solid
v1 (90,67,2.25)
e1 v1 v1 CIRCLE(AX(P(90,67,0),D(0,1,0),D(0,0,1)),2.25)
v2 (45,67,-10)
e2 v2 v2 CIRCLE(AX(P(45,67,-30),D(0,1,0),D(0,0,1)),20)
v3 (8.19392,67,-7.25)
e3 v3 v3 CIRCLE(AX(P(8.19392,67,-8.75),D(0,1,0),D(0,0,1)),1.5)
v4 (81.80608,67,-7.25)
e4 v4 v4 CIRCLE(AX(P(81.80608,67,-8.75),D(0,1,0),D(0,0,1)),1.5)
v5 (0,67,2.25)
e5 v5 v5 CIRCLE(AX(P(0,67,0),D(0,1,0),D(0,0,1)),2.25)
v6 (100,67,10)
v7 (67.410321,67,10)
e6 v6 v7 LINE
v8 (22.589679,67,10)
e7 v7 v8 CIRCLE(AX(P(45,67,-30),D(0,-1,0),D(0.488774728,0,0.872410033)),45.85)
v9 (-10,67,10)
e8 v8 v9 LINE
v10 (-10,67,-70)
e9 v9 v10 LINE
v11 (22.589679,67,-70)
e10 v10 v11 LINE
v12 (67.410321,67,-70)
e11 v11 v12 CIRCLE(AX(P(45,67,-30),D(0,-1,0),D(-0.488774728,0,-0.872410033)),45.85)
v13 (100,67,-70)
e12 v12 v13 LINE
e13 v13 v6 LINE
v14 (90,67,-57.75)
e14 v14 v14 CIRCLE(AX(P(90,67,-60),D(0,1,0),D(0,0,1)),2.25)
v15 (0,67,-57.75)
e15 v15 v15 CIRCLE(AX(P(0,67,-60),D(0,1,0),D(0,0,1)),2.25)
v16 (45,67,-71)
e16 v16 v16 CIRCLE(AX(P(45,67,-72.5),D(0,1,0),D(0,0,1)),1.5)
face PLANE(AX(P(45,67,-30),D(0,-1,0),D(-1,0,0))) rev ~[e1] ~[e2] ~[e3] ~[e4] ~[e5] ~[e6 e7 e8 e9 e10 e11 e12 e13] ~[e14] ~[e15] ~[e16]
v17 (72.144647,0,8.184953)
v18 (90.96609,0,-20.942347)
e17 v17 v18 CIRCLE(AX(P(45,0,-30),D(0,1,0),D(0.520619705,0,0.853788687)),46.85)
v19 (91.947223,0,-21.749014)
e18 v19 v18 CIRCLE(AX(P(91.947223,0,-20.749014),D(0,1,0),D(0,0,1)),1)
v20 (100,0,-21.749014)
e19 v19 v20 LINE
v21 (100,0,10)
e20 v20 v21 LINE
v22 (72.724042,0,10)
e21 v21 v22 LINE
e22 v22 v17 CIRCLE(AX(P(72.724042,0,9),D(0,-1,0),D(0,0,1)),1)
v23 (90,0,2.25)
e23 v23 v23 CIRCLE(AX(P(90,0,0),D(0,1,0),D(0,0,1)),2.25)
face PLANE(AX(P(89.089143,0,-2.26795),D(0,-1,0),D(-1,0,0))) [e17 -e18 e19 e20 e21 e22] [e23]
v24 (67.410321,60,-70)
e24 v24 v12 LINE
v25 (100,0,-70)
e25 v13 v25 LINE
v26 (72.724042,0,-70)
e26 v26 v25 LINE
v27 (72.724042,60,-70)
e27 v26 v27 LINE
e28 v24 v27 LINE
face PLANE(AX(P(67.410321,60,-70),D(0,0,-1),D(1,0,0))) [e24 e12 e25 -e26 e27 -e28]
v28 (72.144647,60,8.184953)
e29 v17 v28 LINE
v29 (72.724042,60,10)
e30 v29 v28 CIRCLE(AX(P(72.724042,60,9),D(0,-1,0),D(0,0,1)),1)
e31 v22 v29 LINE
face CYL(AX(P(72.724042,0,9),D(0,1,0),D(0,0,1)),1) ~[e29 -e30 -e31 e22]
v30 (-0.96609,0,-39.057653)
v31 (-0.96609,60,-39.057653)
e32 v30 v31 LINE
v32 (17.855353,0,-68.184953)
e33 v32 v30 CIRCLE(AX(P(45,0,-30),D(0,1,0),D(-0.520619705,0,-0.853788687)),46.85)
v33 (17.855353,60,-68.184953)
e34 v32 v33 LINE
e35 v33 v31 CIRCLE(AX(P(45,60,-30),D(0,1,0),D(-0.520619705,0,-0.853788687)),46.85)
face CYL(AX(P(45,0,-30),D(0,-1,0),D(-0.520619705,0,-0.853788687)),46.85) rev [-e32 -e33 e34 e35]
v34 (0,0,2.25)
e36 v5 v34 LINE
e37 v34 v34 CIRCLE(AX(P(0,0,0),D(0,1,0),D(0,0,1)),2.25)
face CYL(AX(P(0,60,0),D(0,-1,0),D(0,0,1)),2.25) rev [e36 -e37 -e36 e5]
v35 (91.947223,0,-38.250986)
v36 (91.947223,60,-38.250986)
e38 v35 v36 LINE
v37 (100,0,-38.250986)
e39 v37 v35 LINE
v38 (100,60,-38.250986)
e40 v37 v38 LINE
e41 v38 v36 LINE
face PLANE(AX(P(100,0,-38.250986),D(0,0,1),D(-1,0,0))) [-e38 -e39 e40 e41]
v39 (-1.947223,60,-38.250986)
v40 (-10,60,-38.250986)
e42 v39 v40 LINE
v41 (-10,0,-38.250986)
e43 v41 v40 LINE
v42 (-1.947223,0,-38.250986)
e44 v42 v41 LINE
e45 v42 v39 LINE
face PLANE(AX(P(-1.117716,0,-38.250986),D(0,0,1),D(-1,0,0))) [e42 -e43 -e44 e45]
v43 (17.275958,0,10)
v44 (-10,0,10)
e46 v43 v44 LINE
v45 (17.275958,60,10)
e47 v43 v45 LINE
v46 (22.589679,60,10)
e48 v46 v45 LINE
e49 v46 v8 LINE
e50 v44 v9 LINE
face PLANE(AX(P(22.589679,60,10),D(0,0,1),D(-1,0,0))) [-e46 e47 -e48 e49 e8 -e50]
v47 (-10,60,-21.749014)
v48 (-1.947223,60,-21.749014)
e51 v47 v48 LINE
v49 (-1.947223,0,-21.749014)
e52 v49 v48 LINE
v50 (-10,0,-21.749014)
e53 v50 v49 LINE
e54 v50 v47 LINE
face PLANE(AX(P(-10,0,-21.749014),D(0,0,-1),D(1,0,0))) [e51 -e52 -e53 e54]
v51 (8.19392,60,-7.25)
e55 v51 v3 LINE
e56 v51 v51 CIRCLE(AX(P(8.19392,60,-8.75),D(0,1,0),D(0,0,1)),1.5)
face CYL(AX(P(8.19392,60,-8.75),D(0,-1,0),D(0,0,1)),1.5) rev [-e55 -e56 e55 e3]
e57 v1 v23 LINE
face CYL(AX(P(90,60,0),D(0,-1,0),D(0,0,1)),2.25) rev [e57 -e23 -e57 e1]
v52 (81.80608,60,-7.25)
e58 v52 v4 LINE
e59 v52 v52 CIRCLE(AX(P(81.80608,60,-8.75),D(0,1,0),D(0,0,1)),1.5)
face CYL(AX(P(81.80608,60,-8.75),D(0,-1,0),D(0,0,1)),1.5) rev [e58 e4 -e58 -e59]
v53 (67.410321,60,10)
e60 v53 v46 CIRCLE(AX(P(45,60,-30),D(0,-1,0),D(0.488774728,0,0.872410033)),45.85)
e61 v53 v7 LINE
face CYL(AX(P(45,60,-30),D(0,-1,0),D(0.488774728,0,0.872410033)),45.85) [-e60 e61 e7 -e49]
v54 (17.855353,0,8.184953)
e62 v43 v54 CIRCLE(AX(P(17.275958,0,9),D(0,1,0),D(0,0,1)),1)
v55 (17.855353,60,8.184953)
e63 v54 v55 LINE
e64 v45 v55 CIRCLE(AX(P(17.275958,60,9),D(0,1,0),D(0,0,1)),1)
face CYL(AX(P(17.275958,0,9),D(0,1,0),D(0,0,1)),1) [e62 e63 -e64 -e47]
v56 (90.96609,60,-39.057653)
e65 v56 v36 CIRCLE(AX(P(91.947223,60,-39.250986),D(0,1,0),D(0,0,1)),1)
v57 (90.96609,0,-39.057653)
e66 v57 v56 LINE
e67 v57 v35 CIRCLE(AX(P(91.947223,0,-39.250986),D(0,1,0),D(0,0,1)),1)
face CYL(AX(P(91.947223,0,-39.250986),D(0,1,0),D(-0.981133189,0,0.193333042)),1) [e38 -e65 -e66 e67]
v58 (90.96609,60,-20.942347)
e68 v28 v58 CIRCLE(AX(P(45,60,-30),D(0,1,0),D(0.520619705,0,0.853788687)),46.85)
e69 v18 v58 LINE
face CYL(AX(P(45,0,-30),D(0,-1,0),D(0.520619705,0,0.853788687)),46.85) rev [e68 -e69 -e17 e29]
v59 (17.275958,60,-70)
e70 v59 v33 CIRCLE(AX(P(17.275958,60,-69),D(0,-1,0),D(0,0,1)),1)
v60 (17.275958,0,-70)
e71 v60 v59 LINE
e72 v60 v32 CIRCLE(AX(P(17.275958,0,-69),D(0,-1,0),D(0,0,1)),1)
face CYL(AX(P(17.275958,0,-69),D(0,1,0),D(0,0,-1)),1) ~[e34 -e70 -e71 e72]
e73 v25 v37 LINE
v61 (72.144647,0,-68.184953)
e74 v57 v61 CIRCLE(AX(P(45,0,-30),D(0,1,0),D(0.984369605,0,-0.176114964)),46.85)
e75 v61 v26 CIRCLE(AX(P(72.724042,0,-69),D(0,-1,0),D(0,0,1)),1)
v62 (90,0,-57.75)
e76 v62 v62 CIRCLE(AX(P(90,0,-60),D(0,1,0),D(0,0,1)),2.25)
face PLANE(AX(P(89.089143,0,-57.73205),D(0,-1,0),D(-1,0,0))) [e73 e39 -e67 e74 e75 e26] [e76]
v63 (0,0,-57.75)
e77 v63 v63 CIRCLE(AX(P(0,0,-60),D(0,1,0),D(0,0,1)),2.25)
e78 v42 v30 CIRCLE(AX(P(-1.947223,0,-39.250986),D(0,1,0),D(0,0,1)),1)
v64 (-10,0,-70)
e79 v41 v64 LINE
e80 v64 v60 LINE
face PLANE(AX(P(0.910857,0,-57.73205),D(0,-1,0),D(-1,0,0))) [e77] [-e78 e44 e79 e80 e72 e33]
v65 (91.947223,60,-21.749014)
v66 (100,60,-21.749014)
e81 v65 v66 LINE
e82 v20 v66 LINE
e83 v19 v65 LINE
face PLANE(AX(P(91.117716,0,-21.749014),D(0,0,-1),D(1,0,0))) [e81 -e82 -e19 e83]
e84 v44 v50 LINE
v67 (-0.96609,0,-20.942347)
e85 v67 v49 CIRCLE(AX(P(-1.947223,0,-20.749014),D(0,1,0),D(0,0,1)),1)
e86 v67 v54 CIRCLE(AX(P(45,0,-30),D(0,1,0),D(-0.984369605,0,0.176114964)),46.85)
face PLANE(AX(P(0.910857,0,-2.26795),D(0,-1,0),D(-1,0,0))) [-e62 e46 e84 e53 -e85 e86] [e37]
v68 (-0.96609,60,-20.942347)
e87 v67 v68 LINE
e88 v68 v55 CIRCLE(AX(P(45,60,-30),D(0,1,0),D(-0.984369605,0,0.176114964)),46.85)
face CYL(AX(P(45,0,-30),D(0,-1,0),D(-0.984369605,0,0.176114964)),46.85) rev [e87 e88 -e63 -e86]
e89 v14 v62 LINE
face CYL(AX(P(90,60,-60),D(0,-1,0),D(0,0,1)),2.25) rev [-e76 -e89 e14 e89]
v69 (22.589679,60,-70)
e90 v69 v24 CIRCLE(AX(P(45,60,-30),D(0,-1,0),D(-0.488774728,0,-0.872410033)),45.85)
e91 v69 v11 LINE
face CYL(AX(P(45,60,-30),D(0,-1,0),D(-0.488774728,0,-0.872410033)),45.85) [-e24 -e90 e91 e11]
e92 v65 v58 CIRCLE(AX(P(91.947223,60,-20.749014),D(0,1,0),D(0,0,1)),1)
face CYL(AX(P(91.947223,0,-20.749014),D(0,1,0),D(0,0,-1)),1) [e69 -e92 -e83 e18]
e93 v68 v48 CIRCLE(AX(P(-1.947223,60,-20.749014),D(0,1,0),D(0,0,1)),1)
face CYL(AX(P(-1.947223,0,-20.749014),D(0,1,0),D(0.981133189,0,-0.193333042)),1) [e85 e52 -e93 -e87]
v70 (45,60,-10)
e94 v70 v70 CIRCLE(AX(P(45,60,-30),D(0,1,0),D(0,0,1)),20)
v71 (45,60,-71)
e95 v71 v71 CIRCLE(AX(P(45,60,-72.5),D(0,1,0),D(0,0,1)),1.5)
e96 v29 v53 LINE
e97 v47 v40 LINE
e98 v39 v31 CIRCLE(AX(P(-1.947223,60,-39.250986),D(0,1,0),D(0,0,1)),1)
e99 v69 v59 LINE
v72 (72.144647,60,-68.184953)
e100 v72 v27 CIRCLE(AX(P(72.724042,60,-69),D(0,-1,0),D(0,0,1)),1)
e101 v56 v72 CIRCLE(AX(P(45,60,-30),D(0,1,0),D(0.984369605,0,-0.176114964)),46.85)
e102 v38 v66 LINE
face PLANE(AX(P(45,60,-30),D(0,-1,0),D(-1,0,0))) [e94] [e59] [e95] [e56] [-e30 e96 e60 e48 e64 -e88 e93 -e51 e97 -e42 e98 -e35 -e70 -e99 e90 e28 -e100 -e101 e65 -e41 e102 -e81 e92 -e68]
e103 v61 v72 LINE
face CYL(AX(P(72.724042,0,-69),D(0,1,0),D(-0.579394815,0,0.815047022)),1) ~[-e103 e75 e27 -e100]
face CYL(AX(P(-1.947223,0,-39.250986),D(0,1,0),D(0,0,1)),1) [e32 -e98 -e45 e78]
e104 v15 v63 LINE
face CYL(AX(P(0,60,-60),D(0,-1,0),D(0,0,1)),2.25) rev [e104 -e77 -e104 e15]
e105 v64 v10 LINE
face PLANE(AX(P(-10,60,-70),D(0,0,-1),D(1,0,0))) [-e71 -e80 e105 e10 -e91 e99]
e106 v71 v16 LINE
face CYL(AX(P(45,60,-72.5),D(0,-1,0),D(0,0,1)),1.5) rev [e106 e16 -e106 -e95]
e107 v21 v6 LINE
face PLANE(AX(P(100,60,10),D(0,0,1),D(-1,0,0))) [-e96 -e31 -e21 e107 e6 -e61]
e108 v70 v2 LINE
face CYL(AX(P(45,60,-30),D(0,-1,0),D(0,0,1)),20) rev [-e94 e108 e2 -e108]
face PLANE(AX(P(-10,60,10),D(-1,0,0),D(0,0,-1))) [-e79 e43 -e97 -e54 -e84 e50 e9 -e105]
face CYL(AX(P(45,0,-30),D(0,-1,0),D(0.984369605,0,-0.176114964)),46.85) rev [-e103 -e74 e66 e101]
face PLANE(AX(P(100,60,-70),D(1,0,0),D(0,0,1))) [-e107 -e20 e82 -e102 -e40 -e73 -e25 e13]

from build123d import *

# Parameters (mm, degrees)
SKETCH1_R             = 2.25
BOSS_EXTRUDE1_DEPTH   = 60
BOSS_EXTRUDE1_2_DEPTH = 60
BOSS_EXTRUDE1_3_DEPTH = 60
BOSS_EXTRUDE1_4_DEPTH = 60
SKETCH5_R             = 1.5
SKETCH5_R_2           = 20
SKETCH5_R_3           = 2.25
BOSS_EXTRUDE3_DEPTH   = 7
FILLET1_R             = 1


with BuildPart() as part:
    # Sketch1 → Boss-Extrude1 (new body)
    with BuildSketch(Plane(origin=(0, 0, 0), x_dir=(1, 0, 0), z_dir=(0, 1, 0))):
        with BuildLine():
            ThreePointArc((20.608966812, 70), (6.336439637, 56.458488242), (-1.117716003, 38.250986042))
            Line((-1.117716003, 38.250986042), (-10, 38.250986042))
            Line((-10, 38.250986042), (-10, 70))
            Line((-10, 70), (20.608966812, 70))
        make_face()
        with Locations(Location((0, 60, 0), (0, 0, 270))):
            Circle(SKETCH1_R, mode=Mode.SUBTRACT)
    extrude(amount=BOSS_EXTRUDE1_DEPTH)



with BuildPart() as body_2:
    # Sketch1 → Boss-Extrude1 2 (new body)
    with BuildSketch(Plane(origin=(0, 0, 0), x_dir=(1, 0, 0), z_dir=(0, 1, 0))):
        with BuildLine():
            ThreePointArc((-1.117716003, 21.749013958), (6.336439637, 3.541511758), (20.608966812, -10))
            Line((20.608966812, -10), (-10, -10))
            Line((-10, -10), (-10, 21.749013958))
            Line((-10, 21.749013958), (-1.117716003, 21.749013958))
        make_face()
        with Locations(Location((0, 0, 0), (0, 0, 270))):
            Circle(SKETCH1_R, mode=Mode.SUBTRACT)
    extrude(amount=BOSS_EXTRUDE1_2_DEPTH)


with BuildPart() as body_3:
    # Sketch1 → Boss-Extrude1 3 (new body)
    with BuildSketch(Plane(origin=(0, 0, 0), x_dir=(1, 0, 0), z_dir=(0, 1, 0))):
        with BuildLine():
            ThreePointArc((91.117716003, 38.250986042), (83.663560363, 56.458488242), (69.391033188, 70))
            Line((69.391033188, 70), (100, 70))
            Line((100, 70), (100, 38.250986042))
            Line((100, 38.250986042), (91.117716003, 38.250986042))
        make_face()
        with Locations(Location((90, 60, 0), (0, 0, 270))):
            Circle(SKETCH1_R, mode=Mode.SUBTRACT)
    extrude(amount=BOSS_EXTRUDE1_3_DEPTH)


with BuildPart() as body_4:
    # Sketch1 → Boss-Extrude1 4 (new body)
    with BuildSketch(Plane(origin=(0, 0, 0), x_dir=(1, 0, 0), z_dir=(0, 1, 0))):
        with BuildLine():
            ThreePointArc((69.391033188, -10), (83.663560363, 3.541511758), (91.117716003, 21.749013958))
            Line((91.117716003, 21.749013958), (100, 21.749013958))
            Line((100, 21.749013958), (100, -10))
            Line((100, -10), (69.391033188, -10))
        make_face()
        with Locations(Location((90, 0, 0), (0, 0, 270))):
            Circle(SKETCH1_R, mode=Mode.SUBTRACT)
    extrude(amount=BOSS_EXTRUDE1_4_DEPTH)


with BuildPart() as part_1:
    add(part.part)

    add(body_2.part)  # Boss-Extrude3 merges body 2

    add(body_3.part)  # Boss-Extrude3 merges body 3

    add(body_4.part)  # Boss-Extrude3 merges body 4
    # Sketch5 → Boss-Extrude3 (add)
    with BuildSketch(Plane(origin=(0, 60, 0), x_dir=(1, 0, 0), z_dir=(0, 1, 0))):
        with BuildLine():
            Line((-10, 70), (22.589678717, 70))
            ThreePointArc((22.589678717, 70), (45, 75.85), (67.410321283, 70))
            Line((67.410321283, 70), (100, 70))
            Line((100, 70), (100, -10))
            Line((100, -10), (67.410321283, -10))
            ThreePointArc((67.410321283, -10), (45, -15.85), (22.589678717, -10))
            Line((22.589678717, -10), (-10, -10))
            Line((-10, -10), (-10, 70))
        make_face()
        with Locations(Location((81.806079661, 8.75, 0), (0, 0, 270))):
            Circle(SKETCH5_R, mode=Mode.SUBTRACT)
        with Locations(Location((45, 72.5, 0), (0, 0, 270))):
            Circle(SKETCH5_R, mode=Mode.SUBTRACT)
        with Locations(Location((8.193920339, 8.75, 0), (0, 0, 270))):
            Circle(SKETCH5_R, mode=Mode.SUBTRACT)
        with Locations(Location((45, 30, 0), (0, 0, 270))):
            Circle(SKETCH5_R_2, mode=Mode.SUBTRACT)
        with Locations(Location((90, 60, 0), (0, 0, 270))):
            Circle(SKETCH5_R_3, mode=Mode.SUBTRACT)
        with Locations(Location((90, 0, 0), (0, 0, 270))):
            Circle(SKETCH5_R_3, mode=Mode.SUBTRACT)
        with Locations(Location((0, 0, 0), (0, 0, 270))):
            Circle(SKETCH5_R_3, mode=Mode.SUBTRACT)
        with Locations(Location((0, 60, 0), (0, 0, 270))):
            Circle(SKETCH5_R_3, mode=Mode.SUBTRACT)
    extrude(amount=BOSS_EXTRUDE3_DEPTH)

    # Fillet1
    fillet1_edges = [part_1.edges().sort_by_distance(p)[0] for p in [
        (-1.117716003, 30, -38.250986042),
        (20.608966812, 30, -70),
        (20.608966812, 30, 10),
        (-1.117716003, 30, -21.749013958),
        (69.391033188, 30, -70),
        (91.117716003, 30, -38.250986042),
        (91.117716003, 30, -21.749013958),
        (69.391033188, 30, 10),
    ]]
    fillet(fillet1_edges, radius=FILLET1_R)


solid = part_1.part
